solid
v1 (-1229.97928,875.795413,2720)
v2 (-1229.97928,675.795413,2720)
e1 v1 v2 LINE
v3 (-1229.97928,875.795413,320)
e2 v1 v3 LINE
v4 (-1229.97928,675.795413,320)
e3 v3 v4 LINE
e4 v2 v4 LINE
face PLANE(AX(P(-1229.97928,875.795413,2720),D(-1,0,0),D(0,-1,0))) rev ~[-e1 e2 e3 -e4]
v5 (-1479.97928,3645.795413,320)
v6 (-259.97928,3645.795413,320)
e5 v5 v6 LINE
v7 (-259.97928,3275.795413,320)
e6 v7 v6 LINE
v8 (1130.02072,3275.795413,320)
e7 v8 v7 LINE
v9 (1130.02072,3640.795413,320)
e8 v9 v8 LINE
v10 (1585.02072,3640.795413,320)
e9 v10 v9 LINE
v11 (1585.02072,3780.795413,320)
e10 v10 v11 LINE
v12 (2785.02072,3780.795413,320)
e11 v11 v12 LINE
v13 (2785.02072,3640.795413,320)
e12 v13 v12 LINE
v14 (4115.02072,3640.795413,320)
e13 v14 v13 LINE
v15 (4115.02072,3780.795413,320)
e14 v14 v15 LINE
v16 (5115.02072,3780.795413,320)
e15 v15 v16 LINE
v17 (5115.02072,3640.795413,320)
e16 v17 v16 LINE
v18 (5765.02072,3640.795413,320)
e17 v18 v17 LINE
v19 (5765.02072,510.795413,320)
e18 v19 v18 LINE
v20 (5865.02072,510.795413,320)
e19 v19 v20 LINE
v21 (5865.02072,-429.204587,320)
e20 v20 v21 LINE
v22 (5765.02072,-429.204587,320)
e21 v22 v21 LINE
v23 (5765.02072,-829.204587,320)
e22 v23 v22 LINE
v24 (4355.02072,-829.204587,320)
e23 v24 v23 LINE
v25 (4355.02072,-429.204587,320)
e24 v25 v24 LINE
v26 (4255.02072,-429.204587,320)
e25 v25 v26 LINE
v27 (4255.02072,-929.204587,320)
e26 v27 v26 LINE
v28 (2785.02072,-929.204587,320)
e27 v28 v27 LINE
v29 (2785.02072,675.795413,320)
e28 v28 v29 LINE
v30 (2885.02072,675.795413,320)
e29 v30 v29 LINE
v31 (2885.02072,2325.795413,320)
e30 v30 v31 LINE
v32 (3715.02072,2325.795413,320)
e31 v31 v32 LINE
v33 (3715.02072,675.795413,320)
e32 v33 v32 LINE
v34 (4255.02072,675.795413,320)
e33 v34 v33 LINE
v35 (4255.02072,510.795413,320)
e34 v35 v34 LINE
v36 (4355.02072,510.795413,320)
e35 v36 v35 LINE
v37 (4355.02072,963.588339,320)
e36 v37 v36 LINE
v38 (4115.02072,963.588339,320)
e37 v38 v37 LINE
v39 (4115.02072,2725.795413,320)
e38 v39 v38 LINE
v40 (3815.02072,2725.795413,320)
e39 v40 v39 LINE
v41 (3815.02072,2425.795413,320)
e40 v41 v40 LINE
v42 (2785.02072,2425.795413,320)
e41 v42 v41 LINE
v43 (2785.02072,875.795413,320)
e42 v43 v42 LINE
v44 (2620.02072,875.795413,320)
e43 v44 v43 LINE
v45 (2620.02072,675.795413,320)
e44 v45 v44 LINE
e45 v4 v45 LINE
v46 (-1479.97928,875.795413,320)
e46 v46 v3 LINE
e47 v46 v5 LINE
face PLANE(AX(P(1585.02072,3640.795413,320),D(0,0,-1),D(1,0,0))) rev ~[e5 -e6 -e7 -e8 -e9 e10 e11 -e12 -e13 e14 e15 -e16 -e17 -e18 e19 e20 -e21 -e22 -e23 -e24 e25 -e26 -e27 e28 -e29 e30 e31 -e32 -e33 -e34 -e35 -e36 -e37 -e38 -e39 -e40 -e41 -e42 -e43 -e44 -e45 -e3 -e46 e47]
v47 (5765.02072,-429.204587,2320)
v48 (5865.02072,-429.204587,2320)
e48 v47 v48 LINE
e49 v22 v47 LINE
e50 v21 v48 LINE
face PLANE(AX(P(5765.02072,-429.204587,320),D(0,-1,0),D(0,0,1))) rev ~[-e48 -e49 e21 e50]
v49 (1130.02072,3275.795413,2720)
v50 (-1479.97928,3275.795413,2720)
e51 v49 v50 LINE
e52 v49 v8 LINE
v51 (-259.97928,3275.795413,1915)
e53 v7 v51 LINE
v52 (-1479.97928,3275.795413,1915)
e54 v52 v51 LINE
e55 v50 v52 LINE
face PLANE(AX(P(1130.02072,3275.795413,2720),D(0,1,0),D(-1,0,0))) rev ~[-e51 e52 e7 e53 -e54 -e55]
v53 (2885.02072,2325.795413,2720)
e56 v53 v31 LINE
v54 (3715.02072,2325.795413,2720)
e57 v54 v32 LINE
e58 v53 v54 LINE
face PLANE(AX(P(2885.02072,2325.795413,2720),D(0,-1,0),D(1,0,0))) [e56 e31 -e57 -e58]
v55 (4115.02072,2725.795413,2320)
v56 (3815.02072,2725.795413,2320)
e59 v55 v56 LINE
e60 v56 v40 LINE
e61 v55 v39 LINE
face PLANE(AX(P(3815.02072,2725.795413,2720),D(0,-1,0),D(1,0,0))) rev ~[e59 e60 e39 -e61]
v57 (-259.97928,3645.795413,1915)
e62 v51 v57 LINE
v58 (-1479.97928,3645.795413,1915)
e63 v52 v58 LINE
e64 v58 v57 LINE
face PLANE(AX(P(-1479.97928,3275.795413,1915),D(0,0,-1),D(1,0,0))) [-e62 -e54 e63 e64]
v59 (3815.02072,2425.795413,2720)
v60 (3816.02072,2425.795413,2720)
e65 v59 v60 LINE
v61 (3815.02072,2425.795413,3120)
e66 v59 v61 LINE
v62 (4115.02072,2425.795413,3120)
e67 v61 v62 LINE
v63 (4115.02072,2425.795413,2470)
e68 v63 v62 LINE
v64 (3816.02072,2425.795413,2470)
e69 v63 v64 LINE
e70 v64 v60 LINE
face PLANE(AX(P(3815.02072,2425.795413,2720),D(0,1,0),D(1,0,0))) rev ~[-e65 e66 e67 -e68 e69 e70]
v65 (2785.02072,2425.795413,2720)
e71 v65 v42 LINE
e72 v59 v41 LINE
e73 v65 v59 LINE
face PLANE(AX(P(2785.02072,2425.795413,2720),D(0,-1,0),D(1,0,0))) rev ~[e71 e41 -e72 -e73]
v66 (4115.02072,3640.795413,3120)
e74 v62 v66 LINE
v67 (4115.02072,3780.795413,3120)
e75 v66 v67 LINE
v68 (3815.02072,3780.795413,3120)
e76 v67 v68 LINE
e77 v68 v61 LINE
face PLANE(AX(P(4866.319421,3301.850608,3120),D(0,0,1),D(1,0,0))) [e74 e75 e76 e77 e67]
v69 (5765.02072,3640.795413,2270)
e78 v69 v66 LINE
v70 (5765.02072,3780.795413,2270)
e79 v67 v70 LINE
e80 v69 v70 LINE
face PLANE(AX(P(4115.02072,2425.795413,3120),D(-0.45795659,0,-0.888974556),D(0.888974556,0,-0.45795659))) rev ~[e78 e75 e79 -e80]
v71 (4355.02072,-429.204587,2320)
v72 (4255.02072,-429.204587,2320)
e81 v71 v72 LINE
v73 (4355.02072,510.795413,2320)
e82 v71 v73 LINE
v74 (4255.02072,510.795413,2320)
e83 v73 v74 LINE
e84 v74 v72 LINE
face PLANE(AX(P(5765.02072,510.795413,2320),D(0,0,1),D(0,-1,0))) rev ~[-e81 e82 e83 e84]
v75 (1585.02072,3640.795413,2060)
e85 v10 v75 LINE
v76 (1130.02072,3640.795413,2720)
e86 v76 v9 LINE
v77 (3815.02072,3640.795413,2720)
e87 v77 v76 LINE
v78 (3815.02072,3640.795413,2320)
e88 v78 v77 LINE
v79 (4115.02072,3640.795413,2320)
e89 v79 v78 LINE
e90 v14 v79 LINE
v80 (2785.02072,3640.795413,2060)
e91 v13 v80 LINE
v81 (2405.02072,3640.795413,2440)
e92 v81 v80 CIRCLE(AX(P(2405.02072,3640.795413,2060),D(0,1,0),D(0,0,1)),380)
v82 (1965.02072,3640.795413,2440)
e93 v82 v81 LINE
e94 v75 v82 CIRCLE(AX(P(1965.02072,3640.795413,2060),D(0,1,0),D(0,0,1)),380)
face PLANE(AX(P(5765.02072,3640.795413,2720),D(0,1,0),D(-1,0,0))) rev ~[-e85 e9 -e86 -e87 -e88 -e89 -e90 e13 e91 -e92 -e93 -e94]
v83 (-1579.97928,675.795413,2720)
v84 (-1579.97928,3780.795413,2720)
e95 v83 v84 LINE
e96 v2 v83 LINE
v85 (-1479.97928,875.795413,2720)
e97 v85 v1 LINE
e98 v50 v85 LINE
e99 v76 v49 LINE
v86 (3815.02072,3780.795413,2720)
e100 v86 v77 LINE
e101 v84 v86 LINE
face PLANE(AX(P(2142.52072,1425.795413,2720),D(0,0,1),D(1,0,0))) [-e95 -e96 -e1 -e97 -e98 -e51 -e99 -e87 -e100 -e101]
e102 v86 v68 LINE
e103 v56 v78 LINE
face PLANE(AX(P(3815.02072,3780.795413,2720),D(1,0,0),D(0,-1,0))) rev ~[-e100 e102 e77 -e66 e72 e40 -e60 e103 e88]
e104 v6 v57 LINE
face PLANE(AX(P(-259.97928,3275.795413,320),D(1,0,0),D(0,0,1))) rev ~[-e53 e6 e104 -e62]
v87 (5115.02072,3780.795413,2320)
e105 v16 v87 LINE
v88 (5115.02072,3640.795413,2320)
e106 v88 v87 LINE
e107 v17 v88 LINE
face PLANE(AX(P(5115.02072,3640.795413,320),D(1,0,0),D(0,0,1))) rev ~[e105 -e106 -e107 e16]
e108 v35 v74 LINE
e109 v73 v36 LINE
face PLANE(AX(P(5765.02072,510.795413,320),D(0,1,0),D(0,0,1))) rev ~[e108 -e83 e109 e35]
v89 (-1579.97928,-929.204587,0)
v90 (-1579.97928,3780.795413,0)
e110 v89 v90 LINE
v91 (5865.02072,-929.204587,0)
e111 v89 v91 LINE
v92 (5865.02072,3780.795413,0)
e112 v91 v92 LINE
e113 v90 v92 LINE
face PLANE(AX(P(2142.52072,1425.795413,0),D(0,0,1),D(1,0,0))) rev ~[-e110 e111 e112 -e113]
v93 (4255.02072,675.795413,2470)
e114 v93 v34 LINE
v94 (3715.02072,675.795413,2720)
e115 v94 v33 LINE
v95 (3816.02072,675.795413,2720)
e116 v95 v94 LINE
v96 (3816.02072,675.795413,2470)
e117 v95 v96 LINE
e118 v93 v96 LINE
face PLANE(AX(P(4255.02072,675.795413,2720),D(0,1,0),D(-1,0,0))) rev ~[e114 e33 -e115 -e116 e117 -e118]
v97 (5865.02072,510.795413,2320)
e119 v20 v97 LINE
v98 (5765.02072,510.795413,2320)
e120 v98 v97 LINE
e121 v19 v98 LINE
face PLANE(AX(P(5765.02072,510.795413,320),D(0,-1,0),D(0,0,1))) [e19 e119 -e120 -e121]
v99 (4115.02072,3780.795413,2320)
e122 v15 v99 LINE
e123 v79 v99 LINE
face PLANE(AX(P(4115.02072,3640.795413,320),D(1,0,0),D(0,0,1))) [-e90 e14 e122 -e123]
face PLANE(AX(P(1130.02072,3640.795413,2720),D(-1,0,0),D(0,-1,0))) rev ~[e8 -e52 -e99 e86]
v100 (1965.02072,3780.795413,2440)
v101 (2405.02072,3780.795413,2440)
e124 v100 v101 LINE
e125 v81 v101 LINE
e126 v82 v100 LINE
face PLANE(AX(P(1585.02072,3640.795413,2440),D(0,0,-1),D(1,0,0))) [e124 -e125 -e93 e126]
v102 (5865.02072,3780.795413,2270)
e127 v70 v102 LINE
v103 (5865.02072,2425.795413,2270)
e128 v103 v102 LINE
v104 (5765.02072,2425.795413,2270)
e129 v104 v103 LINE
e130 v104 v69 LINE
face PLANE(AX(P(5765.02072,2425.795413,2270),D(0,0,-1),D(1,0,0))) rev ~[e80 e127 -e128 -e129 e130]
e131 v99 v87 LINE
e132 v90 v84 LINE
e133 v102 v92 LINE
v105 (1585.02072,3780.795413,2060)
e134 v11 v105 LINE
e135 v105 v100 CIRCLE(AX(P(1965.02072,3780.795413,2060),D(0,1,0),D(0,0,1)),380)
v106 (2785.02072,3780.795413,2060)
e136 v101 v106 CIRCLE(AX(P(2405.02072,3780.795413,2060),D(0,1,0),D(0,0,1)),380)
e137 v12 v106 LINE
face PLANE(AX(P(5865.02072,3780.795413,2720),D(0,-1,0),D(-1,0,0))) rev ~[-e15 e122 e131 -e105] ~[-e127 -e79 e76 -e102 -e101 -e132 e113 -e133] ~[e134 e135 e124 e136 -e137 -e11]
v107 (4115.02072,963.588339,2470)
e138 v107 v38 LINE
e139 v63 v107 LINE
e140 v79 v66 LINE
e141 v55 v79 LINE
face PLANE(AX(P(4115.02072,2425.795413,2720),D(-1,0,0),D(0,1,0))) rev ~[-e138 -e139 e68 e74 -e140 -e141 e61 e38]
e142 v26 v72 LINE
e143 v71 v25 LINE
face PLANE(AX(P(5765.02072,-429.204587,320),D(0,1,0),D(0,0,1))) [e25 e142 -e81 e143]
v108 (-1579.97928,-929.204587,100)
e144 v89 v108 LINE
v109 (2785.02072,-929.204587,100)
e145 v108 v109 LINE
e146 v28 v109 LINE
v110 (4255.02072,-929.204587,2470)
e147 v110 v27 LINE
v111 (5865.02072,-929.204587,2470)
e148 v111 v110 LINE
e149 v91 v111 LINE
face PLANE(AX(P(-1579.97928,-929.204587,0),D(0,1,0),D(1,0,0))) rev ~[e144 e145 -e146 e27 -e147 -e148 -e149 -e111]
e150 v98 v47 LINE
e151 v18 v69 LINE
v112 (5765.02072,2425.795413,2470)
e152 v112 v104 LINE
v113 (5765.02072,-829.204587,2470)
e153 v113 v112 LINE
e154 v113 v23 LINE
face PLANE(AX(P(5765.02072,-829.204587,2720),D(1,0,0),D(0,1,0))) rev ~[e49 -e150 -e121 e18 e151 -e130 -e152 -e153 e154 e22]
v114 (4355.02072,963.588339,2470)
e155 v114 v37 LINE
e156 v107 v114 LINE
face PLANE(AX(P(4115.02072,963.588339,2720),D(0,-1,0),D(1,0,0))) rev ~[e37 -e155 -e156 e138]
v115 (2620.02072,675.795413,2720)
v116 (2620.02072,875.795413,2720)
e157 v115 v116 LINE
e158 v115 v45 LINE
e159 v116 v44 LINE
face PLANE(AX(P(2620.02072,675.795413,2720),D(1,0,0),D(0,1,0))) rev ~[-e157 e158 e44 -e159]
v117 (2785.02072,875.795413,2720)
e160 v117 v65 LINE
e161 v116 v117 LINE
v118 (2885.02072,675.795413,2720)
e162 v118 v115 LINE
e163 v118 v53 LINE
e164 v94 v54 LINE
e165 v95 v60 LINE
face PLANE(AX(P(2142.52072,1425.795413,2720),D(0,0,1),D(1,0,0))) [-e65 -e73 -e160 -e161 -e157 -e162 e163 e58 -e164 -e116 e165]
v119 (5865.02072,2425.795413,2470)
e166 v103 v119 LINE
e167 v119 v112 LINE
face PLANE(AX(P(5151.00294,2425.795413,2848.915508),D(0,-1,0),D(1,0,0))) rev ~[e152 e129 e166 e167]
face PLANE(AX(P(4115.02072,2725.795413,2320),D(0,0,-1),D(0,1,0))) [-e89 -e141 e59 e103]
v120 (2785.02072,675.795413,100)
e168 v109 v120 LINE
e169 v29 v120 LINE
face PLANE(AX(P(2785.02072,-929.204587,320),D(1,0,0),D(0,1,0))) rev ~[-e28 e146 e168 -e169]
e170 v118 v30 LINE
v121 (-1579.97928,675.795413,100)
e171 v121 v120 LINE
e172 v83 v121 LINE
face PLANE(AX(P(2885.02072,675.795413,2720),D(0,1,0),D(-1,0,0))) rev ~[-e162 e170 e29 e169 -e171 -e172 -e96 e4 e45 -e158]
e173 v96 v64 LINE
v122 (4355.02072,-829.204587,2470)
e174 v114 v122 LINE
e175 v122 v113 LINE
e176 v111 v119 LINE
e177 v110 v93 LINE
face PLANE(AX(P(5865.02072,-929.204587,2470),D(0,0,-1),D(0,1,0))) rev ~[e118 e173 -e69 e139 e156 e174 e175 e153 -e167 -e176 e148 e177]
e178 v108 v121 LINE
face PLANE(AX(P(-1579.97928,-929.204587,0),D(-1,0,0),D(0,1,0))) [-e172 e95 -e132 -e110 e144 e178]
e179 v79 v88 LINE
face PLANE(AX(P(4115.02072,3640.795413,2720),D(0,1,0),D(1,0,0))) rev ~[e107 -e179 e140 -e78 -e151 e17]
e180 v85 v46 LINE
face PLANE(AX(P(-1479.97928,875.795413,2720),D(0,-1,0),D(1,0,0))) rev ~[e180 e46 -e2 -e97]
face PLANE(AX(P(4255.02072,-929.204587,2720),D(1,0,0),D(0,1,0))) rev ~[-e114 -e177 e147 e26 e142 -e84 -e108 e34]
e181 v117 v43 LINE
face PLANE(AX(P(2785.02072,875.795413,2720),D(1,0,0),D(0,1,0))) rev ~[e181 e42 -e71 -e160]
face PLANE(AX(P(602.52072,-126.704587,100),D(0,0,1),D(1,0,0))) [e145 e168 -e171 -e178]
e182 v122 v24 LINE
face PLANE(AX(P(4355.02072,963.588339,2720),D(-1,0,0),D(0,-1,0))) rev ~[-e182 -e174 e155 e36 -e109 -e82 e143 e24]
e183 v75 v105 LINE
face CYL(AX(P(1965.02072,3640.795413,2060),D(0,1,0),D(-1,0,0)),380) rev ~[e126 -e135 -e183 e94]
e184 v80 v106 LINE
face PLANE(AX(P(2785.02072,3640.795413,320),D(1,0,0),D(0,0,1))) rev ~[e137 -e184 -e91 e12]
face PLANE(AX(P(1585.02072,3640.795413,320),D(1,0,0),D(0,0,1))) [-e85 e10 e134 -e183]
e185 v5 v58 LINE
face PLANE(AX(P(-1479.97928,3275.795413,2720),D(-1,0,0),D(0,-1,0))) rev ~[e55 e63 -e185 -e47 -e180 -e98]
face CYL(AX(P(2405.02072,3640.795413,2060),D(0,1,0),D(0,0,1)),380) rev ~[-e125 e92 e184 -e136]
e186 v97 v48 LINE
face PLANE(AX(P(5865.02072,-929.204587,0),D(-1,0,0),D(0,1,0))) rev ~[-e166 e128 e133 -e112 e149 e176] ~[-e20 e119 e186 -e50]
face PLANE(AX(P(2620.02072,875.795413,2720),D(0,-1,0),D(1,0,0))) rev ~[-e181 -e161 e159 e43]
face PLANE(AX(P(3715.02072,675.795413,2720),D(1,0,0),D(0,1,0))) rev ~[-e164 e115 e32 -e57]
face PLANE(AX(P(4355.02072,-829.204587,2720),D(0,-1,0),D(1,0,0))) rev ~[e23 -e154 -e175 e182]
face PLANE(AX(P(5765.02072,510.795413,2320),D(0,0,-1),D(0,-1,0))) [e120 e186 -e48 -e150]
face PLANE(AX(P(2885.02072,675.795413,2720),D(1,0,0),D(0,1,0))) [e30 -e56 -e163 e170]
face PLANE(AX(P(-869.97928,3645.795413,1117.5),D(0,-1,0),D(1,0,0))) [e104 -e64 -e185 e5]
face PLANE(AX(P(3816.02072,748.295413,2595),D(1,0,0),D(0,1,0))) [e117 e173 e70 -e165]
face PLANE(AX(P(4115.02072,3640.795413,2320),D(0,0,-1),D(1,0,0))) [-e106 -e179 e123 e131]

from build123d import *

# Parameters (mm, degrees)
F0_W      = 7445
F0_H      = 4710
F1_DEPTH  = 2720
F3_DEPTH  = 2400
F4_W      = 1220
F4_H      = 1595
F5_DEPTH  = 370
F6_W      = 1200
F6_H      = 2120
F6_W_2    = 1000
F6_H_2    = 2000
F7_DEPTH  = 140
F8_R      = 380
F9_W      = 830
F9_H      = 1650
F10_DEPTH = 2400
F11_W     = 940
F11_H     = 2000
F12_DEPTH = 100
F13_DEPTH = 1510
F14_W     = 915
F14_H     = 400
F15_DEPTH = 300
F17_DEPTH = 400
F18_W     = 3355
F18_H     = 250
F19_DEPTH = 2049
F21_DEPTH = 1355
F22_W     = 4365
F22_H     = 1605
F23_DEPTH = 220


with BuildPart() as f1:
    # F0 (on Top) → F1 (new body)
    with BuildSketch(Plane.XY):
        with Locations((2142.52072, 1425.795413)):
            Rectangle(F0_W, F0_H)
    extrude(amount=F1_DEPTH)

    # F2 (on face) → F3 (cut)
    with BuildSketch(Plane.XY.offset(2720)):
        Polygon((1130.02072, 3275.795413), (-1479.97928, 3275.795413), (-1479.97928, 875.795413), (-1229.97928, 875.795413), (-1229.97928, 675.795413), (2620.02072, 675.795413), (2620.02072, 875.795413), (2785.02072, 875.795413), (2785.02072, 2425.795413), (3815.02072, 2425.795413), (3815.02072, 2725.795413), (4115.02072, 2725.795413), (4115.02072, 963.588339), (4355.02072, 963.588339), (4355.02072, -829.204587), (5765.02072, -829.204587), (5765.02072, -429.204587), (5765.02072, 510.795413), (5765.02072, 3640.795413), (5115.02072, 3640.795413), (4115.02072, 3640.795413), (2785.02072, 3640.795413), (1585.02072, 3640.795413), (1130.02072, 3640.795413), align=None)
    extrude(amount=-F3_DEPTH, mode=Mode.SUBTRACT)

    # F4 (on face) → F5 (cut)
    with BuildSketch(Plane.XZ.offset(-3275.795413)):
        with Locations((-869.97928, 1117.5)):
            Rectangle(F4_W, F4_H)
    extrude(amount=-F5_DEPTH, mode=Mode.SUBTRACT)

    # F6 (on face) → F7 (cut, through all)
    with BuildSketch(Plane.XZ.offset(-3640.795413)):
        with Locations((2185.02072, 1380)):
            Rectangle(F6_W, F6_H)
        with Locations((4615.02072, 1320)):
            Rectangle(F6_W_2, F6_H_2)
    extrude(amount=-F7_DEPTH, mode=Mode.SUBTRACT)

    # F8
    f8_edges = [f1.edges().sort_by_distance(p)[0] for p in [
        (1585.02072, 3710.795413, 2440),
        (2785.02072, 3710.795413, 2440),
    ]]
    fillet(f8_edges, radius=F8_R)

    # F9 (on face) → F10 (cut)
    with BuildSketch(Plane.XY.offset(2720)):
        Polygon((2620.02072, 675.795413), (-1229.97928, 675.795413), (-1579.97928, 675.795413), (-1579.97928, -929.204587), (4255.02072, -929.204587), (4255.02072, 675.795413), (3715.02072, 675.795413), (2885.02072, 675.795413), align=None)
        with Locations((3300.02072, 1500.795413)):
            Rectangle(F9_W, F9_H)
    extrude(amount=-F10_DEPTH, mode=Mode.SUBTRACT)

    # F11 (on face) → F12 (cut, through all)
    with BuildSketch(Plane(origin=(5765.02072, 0, 0), x_dir=(0, -1, 0), z_dir=(-1, 0, 0))):
        with Locations((-40.795413, 1320)):
            Rectangle(F11_W, F11_H)
    extrude(amount=-F12_DEPTH, mode=Mode.SUBTRACT)

    # F11 (on face) → F13 (cut, through all)
    with BuildSketch(Plane(origin=(5765.02072, 0, 0), x_dir=(0, -1, 0), z_dir=(-1, 0, 0))):
        with Locations((-40.795413, 1320)):
            Rectangle(F11_W, F11_H)
    extrude(amount=F13_DEPTH, mode=Mode.SUBTRACT)

    # F14 (on face) → F15 (join, through all)
    with BuildSketch(Plane.YZ.offset(4115.02072)):
        with Locations((3183.295413, 2520)):
            Rectangle(F14_W, F14_H)
    extrude(amount=-F15_DEPTH)

    # F16 (on face) → F17 (join)
    with BuildSketch(Plane.XY.offset(2720)):
        Polygon((3815.02072, 2425.795413), (4115.02072, 2425.795413), (4115.02072, 3640.795413), (5765.02072, 3640.795413), (5765.02072, 2425.795413), (5865.02072, 2425.795413), (5865.02072, 3640.795413), (5865.02072, 3780.795413), (3815.02072, 3780.795413), (3815.02072, 3640.795413), align=None)
    extrude(amount=F17_DEPTH)

    # F18 (on face) → F19 (cut)
    with BuildSketch(Plane.YZ.offset(5865.02072)):
        with Locations((748.295413, 2595)):
            Rectangle(F18_W, F18_H)
    extrude(amount=-F19_DEPTH, mode=Mode.SUBTRACT)

    # F20 (on face) → F21 (cut, through all)
    with BuildSketch(Plane.XZ.offset(-2425.795413)):
        Polygon((5865.02072, 3120), (4115.02072, 3120), (5765.02072, 2270), (5865.02072, 2270), align=None)
    extrude(amount=-F21_DEPTH, mode=Mode.SUBTRACT)

    # F22 (on face) → F23 (cut)
    with BuildSketch(Plane.XY.offset(320)):
        with Locations((602.52072, -126.704587)):
            Rectangle(F22_W, F22_H)
    extrude(amount=-F23_DEPTH, mode=Mode.SUBTRACT)


solid = f1.part
